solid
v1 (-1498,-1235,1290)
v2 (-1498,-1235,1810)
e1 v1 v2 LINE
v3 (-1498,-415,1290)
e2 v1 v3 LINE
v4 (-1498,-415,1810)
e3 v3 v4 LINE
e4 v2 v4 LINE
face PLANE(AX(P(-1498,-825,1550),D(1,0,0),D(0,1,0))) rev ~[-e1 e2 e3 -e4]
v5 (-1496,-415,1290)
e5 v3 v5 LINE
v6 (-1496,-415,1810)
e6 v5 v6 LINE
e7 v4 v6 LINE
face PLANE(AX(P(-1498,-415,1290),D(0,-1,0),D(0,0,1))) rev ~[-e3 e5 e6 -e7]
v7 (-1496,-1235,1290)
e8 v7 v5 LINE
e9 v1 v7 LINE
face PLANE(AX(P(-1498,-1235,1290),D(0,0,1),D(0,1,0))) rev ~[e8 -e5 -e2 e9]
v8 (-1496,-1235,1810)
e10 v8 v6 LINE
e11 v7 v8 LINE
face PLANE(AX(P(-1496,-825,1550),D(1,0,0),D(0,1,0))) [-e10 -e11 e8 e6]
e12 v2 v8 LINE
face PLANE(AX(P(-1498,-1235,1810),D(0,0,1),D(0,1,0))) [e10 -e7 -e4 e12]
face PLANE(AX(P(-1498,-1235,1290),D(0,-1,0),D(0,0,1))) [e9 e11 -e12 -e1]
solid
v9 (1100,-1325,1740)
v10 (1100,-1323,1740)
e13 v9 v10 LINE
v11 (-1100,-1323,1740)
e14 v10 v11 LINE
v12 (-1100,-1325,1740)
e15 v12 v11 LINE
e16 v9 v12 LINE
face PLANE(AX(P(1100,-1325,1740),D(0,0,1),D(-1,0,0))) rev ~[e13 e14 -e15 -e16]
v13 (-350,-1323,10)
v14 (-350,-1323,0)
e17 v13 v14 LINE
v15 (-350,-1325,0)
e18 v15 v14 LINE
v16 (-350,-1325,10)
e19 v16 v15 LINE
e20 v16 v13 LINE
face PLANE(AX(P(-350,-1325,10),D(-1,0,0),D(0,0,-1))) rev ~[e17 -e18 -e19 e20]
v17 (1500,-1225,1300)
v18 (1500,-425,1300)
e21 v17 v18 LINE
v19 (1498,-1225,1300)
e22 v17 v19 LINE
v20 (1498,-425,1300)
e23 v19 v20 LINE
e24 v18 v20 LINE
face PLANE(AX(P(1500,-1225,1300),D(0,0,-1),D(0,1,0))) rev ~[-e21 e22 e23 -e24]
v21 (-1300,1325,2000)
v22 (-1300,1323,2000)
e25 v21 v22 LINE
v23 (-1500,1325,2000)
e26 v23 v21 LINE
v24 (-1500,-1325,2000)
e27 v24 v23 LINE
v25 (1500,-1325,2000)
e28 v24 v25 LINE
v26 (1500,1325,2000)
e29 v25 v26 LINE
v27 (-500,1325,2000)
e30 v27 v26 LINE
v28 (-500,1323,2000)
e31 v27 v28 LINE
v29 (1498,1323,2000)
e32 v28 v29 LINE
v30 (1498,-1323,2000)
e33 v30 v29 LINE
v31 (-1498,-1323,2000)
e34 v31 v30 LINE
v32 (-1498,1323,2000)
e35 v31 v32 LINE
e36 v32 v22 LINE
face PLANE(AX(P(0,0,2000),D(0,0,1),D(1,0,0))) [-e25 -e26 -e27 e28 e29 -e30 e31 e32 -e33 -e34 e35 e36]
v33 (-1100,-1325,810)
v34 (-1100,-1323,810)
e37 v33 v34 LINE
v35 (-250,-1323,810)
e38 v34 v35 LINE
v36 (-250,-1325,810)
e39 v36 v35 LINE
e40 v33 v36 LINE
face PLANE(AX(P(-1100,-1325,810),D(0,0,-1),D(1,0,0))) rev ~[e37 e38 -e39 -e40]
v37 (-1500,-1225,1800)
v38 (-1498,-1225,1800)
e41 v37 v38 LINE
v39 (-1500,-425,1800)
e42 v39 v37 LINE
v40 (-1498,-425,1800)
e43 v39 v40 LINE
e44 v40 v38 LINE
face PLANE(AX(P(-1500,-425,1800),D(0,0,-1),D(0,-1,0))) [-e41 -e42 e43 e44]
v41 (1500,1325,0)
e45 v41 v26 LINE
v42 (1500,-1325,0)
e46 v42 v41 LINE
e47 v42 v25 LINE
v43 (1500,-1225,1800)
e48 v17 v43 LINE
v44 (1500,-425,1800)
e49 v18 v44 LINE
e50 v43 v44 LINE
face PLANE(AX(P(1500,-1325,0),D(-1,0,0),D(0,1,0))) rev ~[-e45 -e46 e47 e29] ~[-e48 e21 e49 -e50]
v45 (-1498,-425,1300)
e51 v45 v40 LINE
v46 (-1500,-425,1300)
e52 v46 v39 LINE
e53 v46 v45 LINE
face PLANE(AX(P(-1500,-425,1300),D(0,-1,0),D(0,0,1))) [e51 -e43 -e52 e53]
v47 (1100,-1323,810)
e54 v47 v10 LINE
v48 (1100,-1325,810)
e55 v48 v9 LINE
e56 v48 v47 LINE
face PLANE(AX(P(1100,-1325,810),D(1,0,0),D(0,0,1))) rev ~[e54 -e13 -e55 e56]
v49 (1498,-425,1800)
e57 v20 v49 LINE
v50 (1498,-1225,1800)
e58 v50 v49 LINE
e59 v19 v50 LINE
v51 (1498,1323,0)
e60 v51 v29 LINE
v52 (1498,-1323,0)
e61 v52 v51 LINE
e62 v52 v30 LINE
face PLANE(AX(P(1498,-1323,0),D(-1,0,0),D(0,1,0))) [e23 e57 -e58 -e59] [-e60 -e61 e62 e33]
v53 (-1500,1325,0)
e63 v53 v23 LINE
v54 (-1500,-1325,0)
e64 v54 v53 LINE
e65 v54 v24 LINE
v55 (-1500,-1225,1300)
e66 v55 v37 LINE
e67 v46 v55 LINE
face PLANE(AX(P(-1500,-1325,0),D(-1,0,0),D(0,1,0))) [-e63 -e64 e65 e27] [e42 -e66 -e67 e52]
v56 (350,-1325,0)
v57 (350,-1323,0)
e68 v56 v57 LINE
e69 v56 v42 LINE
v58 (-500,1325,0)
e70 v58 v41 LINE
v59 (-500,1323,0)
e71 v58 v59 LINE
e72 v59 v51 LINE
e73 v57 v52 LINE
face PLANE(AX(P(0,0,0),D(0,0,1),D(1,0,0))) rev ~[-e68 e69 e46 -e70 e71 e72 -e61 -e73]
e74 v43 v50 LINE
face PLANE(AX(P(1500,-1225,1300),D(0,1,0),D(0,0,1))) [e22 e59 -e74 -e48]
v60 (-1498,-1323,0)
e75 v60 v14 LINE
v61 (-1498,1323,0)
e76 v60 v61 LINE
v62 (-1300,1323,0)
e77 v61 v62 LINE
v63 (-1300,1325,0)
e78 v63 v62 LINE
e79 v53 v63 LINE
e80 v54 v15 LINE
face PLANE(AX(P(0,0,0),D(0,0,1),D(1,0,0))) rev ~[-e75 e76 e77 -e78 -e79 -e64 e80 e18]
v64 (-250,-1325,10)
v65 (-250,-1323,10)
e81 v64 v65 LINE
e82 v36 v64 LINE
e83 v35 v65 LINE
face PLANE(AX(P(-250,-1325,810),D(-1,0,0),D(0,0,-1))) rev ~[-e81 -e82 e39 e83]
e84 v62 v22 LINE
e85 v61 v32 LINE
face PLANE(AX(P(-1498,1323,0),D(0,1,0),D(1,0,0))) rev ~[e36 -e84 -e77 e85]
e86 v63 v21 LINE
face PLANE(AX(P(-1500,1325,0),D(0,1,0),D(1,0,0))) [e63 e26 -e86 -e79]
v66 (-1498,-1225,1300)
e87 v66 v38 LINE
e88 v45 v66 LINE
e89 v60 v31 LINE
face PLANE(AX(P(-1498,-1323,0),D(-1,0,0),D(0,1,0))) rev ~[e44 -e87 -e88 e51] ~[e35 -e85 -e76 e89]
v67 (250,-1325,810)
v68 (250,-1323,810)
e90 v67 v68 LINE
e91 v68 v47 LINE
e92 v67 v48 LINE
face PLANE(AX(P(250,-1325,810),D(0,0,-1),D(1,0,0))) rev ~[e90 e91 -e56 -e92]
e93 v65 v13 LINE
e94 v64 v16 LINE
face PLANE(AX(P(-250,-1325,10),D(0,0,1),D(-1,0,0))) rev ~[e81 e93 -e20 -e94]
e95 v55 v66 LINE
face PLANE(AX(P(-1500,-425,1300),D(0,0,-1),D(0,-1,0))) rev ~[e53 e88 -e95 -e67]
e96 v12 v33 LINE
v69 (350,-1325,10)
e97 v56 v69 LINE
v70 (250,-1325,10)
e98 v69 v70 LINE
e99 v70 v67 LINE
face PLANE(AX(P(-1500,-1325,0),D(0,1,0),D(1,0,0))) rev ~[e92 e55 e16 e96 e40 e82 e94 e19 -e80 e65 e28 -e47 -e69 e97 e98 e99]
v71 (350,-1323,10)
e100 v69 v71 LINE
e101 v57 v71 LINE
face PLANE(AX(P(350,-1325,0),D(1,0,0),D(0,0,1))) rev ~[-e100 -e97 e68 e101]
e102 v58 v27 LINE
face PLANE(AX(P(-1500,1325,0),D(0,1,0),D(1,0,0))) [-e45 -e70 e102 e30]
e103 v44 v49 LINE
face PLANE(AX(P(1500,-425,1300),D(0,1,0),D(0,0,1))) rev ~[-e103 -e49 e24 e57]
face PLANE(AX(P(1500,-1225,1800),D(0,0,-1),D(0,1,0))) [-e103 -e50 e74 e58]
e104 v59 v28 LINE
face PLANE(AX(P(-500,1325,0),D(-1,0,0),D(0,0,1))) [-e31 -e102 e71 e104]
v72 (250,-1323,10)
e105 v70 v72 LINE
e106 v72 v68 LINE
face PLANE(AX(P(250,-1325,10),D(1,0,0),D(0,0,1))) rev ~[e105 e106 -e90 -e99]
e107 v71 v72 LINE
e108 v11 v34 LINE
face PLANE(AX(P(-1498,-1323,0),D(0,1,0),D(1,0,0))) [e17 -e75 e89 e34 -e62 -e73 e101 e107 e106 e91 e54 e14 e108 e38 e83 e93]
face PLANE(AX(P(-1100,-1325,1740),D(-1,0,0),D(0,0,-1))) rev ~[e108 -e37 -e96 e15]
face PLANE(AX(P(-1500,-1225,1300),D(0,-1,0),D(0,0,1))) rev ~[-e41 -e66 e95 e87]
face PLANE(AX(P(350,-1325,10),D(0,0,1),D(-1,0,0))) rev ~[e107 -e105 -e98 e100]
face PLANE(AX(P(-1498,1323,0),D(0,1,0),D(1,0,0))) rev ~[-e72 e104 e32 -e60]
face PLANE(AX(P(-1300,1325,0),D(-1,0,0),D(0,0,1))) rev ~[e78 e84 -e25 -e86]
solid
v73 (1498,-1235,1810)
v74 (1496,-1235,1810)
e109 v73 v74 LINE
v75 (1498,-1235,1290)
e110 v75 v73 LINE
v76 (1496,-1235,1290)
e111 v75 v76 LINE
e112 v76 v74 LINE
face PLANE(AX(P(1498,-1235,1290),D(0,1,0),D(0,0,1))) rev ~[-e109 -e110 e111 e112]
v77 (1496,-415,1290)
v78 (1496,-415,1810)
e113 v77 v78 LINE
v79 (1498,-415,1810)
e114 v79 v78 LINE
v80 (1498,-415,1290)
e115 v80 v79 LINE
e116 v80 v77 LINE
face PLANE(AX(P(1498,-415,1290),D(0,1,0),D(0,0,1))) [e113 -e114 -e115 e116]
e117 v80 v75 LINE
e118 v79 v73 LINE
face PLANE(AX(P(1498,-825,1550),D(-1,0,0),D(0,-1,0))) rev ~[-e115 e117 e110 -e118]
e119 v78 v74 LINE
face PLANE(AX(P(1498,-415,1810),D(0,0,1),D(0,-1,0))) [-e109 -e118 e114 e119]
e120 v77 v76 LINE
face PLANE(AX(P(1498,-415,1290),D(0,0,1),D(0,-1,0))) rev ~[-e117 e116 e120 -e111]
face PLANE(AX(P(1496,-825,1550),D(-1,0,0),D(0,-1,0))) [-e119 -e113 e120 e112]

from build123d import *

# Parameters (mm, degrees)
F0_W      = 3000
F0_H      = 2650
F0_W_2    = 2996
F0_H_2    = 2646
F1_DEPTH  = 2000
F3_DEPTH  = 2
F4_W      = 800
F4_H      = 500
F6_DEPTH  = 2
F5_W      = 800
F5_H      = 500
F7_DEPTH  = 2
F8_W      = 820
F8_H      = 520
F9_DEPTH  = 2
F10_W     = 820
F10_H     = 520
F11_DEPTH = 2
F12_W     = 800
F12_H     = 2000
F13_DEPTH = 2


with BuildPart() as f1:
    # F0 (on Top) → F1 (new body)
    with BuildSketch(Plane.XY):
        Rectangle(F0_W, F0_H)
        Rectangle(F0_W_2, F0_H_2, mode=Mode.SUBTRACT)
    extrude(amount=F1_DEPTH)

    # F2 (on face) → F3 (cut)
    with BuildSketch(Plane.XZ.offset(1325)):
        Polygon((1100, 1740), (0, 1740), (-1100, 1740), (-1100, 810), (-350, 810), (-250, 810), (-250, 10), (-350, 10), (-350, 0), (0, 0), (350, 0), (350, 10), (250, 10), (250, 810), (1100, 810), align=None)
    extrude(amount=-F3_DEPTH, mode=Mode.SUBTRACT)

    # F4 (on face) → F6 (cut)
    with BuildSketch(Plane(origin=(-1500, 0, 0), x_dir=(0, -1, 0), z_dir=(-1, 0, 0))):
        with Locations((825, 1550)):
            Rectangle(F4_W, F4_H)
    extrude(amount=-F6_DEPTH, mode=Mode.SUBTRACT)

    # F5 (on face) → F7 (cut)
    with BuildSketch(Plane.YZ.offset(1500)):
        with Locations((-825, 1550)):
            Rectangle(F5_W, F5_H)
    extrude(amount=-F7_DEPTH, mode=Mode.SUBTRACT)

    # F12 (on face) → F13 (cut)
    with BuildSketch(Plane(origin=(0, 1325, 0), x_dir=(-1, 0, 0), z_dir=(0, 1, 0))):
        with Locations((900, 1000)):
            Rectangle(F12_W, F12_H)
    extrude(amount=-F13_DEPTH, mode=Mode.SUBTRACT)


with BuildPart() as f9:
    # F8 (on face) → F9 (new body)
    with BuildSketch(Plane(origin=(1498, 0, 0), x_dir=(0, -1, 0), z_dir=(-1, 0, 0))):
        with Locations((825, 1550)):
            Rectangle(F8_W, F8_H)
    extrude(amount=F9_DEPTH)


with BuildPart() as f11:
    # F10 (on face) → F11 (new body)
    with BuildSketch(Plane.YZ.offset(-1498)):
        with Locations((-825, 1550)):
            Rectangle(F10_W, F10_H)
    extrude(amount=F11_DEPTH)


solid = Compound([f1.part, f9.part, f11.part])
